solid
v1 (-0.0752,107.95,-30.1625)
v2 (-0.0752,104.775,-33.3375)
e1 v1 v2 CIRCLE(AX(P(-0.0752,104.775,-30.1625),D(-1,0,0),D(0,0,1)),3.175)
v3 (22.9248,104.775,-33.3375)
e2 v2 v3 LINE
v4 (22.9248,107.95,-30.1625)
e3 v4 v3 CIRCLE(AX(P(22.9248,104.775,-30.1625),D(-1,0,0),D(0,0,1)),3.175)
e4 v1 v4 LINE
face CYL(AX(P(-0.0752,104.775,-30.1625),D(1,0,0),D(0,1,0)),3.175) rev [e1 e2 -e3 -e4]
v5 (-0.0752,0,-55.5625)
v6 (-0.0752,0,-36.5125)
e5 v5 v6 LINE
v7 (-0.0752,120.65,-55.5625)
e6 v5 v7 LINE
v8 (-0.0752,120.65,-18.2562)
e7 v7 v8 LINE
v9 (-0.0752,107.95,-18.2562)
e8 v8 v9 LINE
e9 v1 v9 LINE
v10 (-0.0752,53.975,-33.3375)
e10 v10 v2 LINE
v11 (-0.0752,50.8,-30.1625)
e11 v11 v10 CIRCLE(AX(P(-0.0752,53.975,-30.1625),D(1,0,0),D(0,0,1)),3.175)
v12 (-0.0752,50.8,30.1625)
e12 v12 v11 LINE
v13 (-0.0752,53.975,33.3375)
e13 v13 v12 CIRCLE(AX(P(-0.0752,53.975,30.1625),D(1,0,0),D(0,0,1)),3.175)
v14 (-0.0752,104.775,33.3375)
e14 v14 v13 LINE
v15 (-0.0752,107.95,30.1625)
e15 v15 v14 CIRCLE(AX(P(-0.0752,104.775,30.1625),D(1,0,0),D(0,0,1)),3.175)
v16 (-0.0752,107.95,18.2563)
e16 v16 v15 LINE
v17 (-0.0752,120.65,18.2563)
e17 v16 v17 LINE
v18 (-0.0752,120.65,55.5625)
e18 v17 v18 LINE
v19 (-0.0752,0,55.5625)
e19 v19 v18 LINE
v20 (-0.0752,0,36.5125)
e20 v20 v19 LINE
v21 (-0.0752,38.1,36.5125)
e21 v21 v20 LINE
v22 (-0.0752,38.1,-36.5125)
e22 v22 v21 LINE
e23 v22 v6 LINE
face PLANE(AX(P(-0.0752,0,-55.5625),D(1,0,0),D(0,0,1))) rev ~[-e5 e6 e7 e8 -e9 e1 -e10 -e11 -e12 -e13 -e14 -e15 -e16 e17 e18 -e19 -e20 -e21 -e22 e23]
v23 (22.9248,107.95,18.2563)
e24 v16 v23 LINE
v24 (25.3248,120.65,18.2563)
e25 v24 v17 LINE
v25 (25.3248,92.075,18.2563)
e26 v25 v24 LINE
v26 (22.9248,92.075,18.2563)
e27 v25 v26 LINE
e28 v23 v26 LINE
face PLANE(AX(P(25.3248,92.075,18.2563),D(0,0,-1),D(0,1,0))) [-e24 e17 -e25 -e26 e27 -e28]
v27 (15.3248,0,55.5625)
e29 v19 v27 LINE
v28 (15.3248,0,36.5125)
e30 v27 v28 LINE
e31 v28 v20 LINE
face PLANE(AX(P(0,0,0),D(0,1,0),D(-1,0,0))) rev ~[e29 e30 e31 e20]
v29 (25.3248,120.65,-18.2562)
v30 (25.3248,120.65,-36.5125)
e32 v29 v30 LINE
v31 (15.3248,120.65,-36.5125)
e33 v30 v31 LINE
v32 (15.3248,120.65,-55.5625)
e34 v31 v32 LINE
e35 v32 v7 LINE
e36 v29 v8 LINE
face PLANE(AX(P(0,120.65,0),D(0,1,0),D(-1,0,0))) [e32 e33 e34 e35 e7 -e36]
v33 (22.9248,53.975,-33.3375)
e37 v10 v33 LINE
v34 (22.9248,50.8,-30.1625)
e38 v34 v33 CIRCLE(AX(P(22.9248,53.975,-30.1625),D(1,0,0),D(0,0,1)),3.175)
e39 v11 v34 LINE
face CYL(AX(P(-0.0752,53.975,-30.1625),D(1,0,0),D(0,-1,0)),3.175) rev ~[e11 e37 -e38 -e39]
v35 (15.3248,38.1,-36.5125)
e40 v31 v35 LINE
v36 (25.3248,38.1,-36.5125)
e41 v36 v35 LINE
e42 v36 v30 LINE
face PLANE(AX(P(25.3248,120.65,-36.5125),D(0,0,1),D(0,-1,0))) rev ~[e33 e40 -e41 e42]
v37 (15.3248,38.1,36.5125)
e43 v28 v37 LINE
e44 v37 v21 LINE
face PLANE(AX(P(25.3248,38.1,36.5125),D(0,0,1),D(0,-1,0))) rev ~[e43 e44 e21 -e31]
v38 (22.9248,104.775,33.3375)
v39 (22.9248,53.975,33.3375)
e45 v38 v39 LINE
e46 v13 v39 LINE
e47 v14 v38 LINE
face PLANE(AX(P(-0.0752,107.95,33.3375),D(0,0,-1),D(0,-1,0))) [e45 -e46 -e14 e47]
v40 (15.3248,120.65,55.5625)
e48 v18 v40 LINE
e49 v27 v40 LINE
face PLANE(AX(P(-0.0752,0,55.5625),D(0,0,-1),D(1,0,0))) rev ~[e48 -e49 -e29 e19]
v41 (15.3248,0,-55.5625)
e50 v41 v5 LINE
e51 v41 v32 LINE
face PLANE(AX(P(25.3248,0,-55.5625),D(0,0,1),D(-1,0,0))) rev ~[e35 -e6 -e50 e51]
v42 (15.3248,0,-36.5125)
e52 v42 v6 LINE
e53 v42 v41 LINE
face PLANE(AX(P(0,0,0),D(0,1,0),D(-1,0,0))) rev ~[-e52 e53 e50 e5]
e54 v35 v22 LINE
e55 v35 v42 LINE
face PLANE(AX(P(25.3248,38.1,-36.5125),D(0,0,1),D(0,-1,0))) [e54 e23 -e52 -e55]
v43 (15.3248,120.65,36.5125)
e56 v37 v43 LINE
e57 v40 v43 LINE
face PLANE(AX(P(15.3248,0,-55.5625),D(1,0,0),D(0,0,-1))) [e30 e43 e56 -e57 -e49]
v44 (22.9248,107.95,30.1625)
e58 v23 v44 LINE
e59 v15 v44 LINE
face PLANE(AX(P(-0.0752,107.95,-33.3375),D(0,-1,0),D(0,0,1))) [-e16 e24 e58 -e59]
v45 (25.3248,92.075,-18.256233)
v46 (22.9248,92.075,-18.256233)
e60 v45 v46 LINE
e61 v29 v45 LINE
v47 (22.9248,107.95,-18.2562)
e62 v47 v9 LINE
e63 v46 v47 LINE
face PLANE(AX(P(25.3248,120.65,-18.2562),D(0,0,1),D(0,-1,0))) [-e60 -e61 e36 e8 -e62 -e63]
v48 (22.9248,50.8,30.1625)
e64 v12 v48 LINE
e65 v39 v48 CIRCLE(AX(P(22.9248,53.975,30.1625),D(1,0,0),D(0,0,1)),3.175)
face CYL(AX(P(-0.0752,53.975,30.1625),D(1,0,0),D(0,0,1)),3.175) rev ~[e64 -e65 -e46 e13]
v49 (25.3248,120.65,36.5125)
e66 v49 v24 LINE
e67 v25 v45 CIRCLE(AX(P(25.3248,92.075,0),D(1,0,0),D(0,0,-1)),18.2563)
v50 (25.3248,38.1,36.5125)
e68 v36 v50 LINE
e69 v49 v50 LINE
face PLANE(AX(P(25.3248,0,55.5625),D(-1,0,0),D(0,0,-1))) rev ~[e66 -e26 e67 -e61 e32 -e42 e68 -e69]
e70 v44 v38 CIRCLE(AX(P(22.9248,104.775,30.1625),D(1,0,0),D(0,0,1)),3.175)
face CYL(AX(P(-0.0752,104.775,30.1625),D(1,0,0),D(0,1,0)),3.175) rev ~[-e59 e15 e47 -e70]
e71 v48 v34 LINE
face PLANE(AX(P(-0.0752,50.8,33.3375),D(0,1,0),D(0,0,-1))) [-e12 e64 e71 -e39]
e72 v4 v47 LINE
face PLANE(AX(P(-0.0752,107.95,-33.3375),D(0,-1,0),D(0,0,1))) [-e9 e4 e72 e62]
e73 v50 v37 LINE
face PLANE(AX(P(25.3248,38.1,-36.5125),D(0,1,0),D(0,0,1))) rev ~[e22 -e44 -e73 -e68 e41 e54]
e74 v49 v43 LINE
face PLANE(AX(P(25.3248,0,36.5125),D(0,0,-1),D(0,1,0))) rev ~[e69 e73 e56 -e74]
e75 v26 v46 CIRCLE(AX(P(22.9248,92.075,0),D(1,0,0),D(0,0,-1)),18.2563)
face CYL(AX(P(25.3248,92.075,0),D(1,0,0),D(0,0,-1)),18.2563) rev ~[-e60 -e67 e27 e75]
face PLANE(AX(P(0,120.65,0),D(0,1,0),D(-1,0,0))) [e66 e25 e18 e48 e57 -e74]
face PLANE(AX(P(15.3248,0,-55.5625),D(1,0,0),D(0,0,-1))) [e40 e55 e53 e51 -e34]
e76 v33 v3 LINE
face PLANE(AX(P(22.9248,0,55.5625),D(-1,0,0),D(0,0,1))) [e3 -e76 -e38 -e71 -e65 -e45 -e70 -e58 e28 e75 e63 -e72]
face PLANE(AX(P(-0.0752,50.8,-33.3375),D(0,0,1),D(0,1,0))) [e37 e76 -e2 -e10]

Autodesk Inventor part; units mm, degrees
ref_plane "YZ Plane" through (0, 0, 0) normal (1, 0, 0) x (0, 1, 0)
ref_plane "XZ Plane" through (0, 0, 0) normal (0, 1, 0) x (-1, 0, 0)
ref_plane "XY Plane" through (0, 0, 0) normal (0, 0, 1) x (1, 0, 0)
sketch "Sketch1" plane through (0, 0, 0) normal (0, 1, 0) x (-1, 0, 0)
  line L0 (0.0752, 55.5625) -> (-25.3248, 55.5625)
  line L1 (-25.3248, 55.5625) -> (-25.3248, -55.5625)
  line L2 (-25.3248, -55.5625) -> (0.0752, -55.5625)
  line L3 (0.0752, -55.5625) -> (0.0752, 55.5625)
  line L4 (54.9786, 0) -> (-47.41, 0) construction
  point P0 (0, 0)
  dimension "d0" = 111.125
  dimension "d1" = 25.4
extrude "Extrusion1" add sketch "Sketch1" along normal blind 120.65
sketch "Sketch2" plane through (25.3248, 0, 55.5625) normal (1, 0, 0) x (0, 0, -1)
  line L0 (55.5625, 0) -> (55.5625, 120.65) construction
  line L1 (0, 120.65) -> (111.125, 120.65) construction
  line L2 (19.05, 120.65) -> (92.075, 120.65)
  line L3 (92.075, 120.65) -> (92.075, 38.1)
  line L4 (92.075, 38.1) -> (19.05, 38.1)
  line L5 (19.05, 38.1) -> (19.05, 120.65)
  line L6 (19.05, 38.1) -> (19.05, 0)
  line L7 (0, 0) -> (111.125, 0) projected
  line L8 (92.075, 38.1) -> (92.075, 0)
  dimension "d4" = 82.55
  dimension "d10" = 73.025
extrude "Extrusion2" cut sketch "Sketch2" against normal blind 120.65 contours L4 L8 L7 L6
sketch "Sketch3" plane through (25.3248, 0, -55.5625) normal (1, 0, 0) x (0, 0, -1)
  line L0 (-92.075, 38.1) -> (-92.075, 120.65) projected
  line L1 (-19.05, 120.65) -> (-19.05, 38.1) projected
  line L2 (0, 0) -> (0, 120.65) projected
  line L3 (-111.125, 120.65) -> (0, 120.65) construction
  line L4 (-111.125, 0) -> (0, 0) projected
  line L5 (-111.125, 0) -> (-111.125, 120.65) projected
  line L6 (-19.05, 38.1) -> (-19.05, 0) projected
  line L7 (-92.075, 120.65) -> (-19.05, 120.65)
  line L8 (-19.05, 120.65) -> (-19.05, 38.1)
  line L9 (-19.05, 38.1) -> (-92.075, 38.1)
  line L10 (-92.075, 38.1) -> (-92.075, 120.65)
  line L11 (-92.075, 0) -> (-92.075, 38.1) projected
  line L12 (-111.125, 120.65) -> (-92.075, 120.65)
  line L13 (-92.075, 120.65) -> (-92.075, 0)
  line L14 (-92.075, 0) -> (-111.125, 0)
  line L15 (-111.125, 0) -> (-111.125, 120.65)
  line L16 (-19.05, 120.65) -> (0, 120.65)
  line L17 (0, 120.65) -> (0, 0)
  line L18 (0, 0) -> (-19.05, 0)
  line L19 (-19.05, 0) -> (-19.05, 120.65)
  point P0 (-55.5625, 0)
extrude "Extrusion3" cut sketch "Sketch3" against normal blind 10 contours L11 L4 L5 L12 L0 | L1 L16 L2 L4 L6
sketch "Sketch4" plane through (-0.0752, 0, 55.5625) normal (-1, 0, 0) x (0, 0, 1)
  line L0 (-92.075, 0) -> (-92.075, 38.1) projected
  line L1 (-92.075, 38.1) -> (-19.05, 38.1) projected
  line L2 (-19.05, 38.1) -> (-19.05, 0) projected
  line L3 (-19.05, 0) -> (0, 0) projected
  line L4 (0, 0) -> (0, 120.65) projected
  line L5 (-111.125, 120.65) -> (0, 120.65) projected
  line L6 (-111.125, 0) -> (-111.125, 120.65) projected
  line L7 (-111.125, 0) -> (-92.075, 0) projected
  line L8 (-55.5625, 0) -> (-55.5625, 120.65) construction
  line L9 (-111.125, 120.65) -> (0, 120.65) construction
  line L10 (-88.9, 107.95) -> (-22.225, 107.95)
  line L11 (-22.225, 107.95) -> (-22.225, 50.8)
  line L12 (-22.225, 50.8) -> (-88.9, 50.8)
  line L13 (-88.9, 50.8) -> (-88.9, 107.95)
  dimension "d9" = 66.675
  dimension "d11" = 12.7
  dimension "d12" = 12.7
extrude "Extrusion4" cut sketch "Sketch4" against normal blind 23 contours L10 L11 L12 L13
sketch "Sketch5" plane through (25.3248, 38.1, 36.5125) normal (1, 0, 0) x (0, 0, -1)
  line L0 (36.5125, -38.1) -> (36.5125, 82.55) construction
  line L1 (0, 82.55) -> (73.025, 82.55) construction
  line L2 (18.2562, 82.55) -> (54.7687, 82.55)
  line L3 (54.7687, 82.55) -> (54.7687, 53.975)
  line L4 (54.7687, 53.975) -> (18.2562, 53.975)
  line L5 (18.2562, 53.975) -> (18.2562, 82.55)
  circle A0 centre (36.5125, 53.975) radius 18.2563
  dimension "d16" = 36.5125
  dimension "d17" = 28.575
fillet "Fillet1" radius 3.175 4 edges at (11.4248, 107.95, 33.3375) (11.4248, 50.8, 33.3375) (11.4248, 50.8, -33.3375) (11.4248, 107.95, -33.3375)
extrude "Extrusion5" cut sketch "Sketch5" against normal blind 25.4
sketch "Sketch6" plane through (25.3248, 38.1, 36.5125) normal (1, 0, 0) x (0, 0, -1)
  point P0 (36.5125, -38.1)
sketch "Sketch7" plane through (0, 120.65, 0) normal (0, 1, 0) x (1, 0, 0)
  point P0 (0, 0)
  point P1 (6.7165, -47.6926)
properties part number "vertical_face_block" material "Aluminum 6061"
